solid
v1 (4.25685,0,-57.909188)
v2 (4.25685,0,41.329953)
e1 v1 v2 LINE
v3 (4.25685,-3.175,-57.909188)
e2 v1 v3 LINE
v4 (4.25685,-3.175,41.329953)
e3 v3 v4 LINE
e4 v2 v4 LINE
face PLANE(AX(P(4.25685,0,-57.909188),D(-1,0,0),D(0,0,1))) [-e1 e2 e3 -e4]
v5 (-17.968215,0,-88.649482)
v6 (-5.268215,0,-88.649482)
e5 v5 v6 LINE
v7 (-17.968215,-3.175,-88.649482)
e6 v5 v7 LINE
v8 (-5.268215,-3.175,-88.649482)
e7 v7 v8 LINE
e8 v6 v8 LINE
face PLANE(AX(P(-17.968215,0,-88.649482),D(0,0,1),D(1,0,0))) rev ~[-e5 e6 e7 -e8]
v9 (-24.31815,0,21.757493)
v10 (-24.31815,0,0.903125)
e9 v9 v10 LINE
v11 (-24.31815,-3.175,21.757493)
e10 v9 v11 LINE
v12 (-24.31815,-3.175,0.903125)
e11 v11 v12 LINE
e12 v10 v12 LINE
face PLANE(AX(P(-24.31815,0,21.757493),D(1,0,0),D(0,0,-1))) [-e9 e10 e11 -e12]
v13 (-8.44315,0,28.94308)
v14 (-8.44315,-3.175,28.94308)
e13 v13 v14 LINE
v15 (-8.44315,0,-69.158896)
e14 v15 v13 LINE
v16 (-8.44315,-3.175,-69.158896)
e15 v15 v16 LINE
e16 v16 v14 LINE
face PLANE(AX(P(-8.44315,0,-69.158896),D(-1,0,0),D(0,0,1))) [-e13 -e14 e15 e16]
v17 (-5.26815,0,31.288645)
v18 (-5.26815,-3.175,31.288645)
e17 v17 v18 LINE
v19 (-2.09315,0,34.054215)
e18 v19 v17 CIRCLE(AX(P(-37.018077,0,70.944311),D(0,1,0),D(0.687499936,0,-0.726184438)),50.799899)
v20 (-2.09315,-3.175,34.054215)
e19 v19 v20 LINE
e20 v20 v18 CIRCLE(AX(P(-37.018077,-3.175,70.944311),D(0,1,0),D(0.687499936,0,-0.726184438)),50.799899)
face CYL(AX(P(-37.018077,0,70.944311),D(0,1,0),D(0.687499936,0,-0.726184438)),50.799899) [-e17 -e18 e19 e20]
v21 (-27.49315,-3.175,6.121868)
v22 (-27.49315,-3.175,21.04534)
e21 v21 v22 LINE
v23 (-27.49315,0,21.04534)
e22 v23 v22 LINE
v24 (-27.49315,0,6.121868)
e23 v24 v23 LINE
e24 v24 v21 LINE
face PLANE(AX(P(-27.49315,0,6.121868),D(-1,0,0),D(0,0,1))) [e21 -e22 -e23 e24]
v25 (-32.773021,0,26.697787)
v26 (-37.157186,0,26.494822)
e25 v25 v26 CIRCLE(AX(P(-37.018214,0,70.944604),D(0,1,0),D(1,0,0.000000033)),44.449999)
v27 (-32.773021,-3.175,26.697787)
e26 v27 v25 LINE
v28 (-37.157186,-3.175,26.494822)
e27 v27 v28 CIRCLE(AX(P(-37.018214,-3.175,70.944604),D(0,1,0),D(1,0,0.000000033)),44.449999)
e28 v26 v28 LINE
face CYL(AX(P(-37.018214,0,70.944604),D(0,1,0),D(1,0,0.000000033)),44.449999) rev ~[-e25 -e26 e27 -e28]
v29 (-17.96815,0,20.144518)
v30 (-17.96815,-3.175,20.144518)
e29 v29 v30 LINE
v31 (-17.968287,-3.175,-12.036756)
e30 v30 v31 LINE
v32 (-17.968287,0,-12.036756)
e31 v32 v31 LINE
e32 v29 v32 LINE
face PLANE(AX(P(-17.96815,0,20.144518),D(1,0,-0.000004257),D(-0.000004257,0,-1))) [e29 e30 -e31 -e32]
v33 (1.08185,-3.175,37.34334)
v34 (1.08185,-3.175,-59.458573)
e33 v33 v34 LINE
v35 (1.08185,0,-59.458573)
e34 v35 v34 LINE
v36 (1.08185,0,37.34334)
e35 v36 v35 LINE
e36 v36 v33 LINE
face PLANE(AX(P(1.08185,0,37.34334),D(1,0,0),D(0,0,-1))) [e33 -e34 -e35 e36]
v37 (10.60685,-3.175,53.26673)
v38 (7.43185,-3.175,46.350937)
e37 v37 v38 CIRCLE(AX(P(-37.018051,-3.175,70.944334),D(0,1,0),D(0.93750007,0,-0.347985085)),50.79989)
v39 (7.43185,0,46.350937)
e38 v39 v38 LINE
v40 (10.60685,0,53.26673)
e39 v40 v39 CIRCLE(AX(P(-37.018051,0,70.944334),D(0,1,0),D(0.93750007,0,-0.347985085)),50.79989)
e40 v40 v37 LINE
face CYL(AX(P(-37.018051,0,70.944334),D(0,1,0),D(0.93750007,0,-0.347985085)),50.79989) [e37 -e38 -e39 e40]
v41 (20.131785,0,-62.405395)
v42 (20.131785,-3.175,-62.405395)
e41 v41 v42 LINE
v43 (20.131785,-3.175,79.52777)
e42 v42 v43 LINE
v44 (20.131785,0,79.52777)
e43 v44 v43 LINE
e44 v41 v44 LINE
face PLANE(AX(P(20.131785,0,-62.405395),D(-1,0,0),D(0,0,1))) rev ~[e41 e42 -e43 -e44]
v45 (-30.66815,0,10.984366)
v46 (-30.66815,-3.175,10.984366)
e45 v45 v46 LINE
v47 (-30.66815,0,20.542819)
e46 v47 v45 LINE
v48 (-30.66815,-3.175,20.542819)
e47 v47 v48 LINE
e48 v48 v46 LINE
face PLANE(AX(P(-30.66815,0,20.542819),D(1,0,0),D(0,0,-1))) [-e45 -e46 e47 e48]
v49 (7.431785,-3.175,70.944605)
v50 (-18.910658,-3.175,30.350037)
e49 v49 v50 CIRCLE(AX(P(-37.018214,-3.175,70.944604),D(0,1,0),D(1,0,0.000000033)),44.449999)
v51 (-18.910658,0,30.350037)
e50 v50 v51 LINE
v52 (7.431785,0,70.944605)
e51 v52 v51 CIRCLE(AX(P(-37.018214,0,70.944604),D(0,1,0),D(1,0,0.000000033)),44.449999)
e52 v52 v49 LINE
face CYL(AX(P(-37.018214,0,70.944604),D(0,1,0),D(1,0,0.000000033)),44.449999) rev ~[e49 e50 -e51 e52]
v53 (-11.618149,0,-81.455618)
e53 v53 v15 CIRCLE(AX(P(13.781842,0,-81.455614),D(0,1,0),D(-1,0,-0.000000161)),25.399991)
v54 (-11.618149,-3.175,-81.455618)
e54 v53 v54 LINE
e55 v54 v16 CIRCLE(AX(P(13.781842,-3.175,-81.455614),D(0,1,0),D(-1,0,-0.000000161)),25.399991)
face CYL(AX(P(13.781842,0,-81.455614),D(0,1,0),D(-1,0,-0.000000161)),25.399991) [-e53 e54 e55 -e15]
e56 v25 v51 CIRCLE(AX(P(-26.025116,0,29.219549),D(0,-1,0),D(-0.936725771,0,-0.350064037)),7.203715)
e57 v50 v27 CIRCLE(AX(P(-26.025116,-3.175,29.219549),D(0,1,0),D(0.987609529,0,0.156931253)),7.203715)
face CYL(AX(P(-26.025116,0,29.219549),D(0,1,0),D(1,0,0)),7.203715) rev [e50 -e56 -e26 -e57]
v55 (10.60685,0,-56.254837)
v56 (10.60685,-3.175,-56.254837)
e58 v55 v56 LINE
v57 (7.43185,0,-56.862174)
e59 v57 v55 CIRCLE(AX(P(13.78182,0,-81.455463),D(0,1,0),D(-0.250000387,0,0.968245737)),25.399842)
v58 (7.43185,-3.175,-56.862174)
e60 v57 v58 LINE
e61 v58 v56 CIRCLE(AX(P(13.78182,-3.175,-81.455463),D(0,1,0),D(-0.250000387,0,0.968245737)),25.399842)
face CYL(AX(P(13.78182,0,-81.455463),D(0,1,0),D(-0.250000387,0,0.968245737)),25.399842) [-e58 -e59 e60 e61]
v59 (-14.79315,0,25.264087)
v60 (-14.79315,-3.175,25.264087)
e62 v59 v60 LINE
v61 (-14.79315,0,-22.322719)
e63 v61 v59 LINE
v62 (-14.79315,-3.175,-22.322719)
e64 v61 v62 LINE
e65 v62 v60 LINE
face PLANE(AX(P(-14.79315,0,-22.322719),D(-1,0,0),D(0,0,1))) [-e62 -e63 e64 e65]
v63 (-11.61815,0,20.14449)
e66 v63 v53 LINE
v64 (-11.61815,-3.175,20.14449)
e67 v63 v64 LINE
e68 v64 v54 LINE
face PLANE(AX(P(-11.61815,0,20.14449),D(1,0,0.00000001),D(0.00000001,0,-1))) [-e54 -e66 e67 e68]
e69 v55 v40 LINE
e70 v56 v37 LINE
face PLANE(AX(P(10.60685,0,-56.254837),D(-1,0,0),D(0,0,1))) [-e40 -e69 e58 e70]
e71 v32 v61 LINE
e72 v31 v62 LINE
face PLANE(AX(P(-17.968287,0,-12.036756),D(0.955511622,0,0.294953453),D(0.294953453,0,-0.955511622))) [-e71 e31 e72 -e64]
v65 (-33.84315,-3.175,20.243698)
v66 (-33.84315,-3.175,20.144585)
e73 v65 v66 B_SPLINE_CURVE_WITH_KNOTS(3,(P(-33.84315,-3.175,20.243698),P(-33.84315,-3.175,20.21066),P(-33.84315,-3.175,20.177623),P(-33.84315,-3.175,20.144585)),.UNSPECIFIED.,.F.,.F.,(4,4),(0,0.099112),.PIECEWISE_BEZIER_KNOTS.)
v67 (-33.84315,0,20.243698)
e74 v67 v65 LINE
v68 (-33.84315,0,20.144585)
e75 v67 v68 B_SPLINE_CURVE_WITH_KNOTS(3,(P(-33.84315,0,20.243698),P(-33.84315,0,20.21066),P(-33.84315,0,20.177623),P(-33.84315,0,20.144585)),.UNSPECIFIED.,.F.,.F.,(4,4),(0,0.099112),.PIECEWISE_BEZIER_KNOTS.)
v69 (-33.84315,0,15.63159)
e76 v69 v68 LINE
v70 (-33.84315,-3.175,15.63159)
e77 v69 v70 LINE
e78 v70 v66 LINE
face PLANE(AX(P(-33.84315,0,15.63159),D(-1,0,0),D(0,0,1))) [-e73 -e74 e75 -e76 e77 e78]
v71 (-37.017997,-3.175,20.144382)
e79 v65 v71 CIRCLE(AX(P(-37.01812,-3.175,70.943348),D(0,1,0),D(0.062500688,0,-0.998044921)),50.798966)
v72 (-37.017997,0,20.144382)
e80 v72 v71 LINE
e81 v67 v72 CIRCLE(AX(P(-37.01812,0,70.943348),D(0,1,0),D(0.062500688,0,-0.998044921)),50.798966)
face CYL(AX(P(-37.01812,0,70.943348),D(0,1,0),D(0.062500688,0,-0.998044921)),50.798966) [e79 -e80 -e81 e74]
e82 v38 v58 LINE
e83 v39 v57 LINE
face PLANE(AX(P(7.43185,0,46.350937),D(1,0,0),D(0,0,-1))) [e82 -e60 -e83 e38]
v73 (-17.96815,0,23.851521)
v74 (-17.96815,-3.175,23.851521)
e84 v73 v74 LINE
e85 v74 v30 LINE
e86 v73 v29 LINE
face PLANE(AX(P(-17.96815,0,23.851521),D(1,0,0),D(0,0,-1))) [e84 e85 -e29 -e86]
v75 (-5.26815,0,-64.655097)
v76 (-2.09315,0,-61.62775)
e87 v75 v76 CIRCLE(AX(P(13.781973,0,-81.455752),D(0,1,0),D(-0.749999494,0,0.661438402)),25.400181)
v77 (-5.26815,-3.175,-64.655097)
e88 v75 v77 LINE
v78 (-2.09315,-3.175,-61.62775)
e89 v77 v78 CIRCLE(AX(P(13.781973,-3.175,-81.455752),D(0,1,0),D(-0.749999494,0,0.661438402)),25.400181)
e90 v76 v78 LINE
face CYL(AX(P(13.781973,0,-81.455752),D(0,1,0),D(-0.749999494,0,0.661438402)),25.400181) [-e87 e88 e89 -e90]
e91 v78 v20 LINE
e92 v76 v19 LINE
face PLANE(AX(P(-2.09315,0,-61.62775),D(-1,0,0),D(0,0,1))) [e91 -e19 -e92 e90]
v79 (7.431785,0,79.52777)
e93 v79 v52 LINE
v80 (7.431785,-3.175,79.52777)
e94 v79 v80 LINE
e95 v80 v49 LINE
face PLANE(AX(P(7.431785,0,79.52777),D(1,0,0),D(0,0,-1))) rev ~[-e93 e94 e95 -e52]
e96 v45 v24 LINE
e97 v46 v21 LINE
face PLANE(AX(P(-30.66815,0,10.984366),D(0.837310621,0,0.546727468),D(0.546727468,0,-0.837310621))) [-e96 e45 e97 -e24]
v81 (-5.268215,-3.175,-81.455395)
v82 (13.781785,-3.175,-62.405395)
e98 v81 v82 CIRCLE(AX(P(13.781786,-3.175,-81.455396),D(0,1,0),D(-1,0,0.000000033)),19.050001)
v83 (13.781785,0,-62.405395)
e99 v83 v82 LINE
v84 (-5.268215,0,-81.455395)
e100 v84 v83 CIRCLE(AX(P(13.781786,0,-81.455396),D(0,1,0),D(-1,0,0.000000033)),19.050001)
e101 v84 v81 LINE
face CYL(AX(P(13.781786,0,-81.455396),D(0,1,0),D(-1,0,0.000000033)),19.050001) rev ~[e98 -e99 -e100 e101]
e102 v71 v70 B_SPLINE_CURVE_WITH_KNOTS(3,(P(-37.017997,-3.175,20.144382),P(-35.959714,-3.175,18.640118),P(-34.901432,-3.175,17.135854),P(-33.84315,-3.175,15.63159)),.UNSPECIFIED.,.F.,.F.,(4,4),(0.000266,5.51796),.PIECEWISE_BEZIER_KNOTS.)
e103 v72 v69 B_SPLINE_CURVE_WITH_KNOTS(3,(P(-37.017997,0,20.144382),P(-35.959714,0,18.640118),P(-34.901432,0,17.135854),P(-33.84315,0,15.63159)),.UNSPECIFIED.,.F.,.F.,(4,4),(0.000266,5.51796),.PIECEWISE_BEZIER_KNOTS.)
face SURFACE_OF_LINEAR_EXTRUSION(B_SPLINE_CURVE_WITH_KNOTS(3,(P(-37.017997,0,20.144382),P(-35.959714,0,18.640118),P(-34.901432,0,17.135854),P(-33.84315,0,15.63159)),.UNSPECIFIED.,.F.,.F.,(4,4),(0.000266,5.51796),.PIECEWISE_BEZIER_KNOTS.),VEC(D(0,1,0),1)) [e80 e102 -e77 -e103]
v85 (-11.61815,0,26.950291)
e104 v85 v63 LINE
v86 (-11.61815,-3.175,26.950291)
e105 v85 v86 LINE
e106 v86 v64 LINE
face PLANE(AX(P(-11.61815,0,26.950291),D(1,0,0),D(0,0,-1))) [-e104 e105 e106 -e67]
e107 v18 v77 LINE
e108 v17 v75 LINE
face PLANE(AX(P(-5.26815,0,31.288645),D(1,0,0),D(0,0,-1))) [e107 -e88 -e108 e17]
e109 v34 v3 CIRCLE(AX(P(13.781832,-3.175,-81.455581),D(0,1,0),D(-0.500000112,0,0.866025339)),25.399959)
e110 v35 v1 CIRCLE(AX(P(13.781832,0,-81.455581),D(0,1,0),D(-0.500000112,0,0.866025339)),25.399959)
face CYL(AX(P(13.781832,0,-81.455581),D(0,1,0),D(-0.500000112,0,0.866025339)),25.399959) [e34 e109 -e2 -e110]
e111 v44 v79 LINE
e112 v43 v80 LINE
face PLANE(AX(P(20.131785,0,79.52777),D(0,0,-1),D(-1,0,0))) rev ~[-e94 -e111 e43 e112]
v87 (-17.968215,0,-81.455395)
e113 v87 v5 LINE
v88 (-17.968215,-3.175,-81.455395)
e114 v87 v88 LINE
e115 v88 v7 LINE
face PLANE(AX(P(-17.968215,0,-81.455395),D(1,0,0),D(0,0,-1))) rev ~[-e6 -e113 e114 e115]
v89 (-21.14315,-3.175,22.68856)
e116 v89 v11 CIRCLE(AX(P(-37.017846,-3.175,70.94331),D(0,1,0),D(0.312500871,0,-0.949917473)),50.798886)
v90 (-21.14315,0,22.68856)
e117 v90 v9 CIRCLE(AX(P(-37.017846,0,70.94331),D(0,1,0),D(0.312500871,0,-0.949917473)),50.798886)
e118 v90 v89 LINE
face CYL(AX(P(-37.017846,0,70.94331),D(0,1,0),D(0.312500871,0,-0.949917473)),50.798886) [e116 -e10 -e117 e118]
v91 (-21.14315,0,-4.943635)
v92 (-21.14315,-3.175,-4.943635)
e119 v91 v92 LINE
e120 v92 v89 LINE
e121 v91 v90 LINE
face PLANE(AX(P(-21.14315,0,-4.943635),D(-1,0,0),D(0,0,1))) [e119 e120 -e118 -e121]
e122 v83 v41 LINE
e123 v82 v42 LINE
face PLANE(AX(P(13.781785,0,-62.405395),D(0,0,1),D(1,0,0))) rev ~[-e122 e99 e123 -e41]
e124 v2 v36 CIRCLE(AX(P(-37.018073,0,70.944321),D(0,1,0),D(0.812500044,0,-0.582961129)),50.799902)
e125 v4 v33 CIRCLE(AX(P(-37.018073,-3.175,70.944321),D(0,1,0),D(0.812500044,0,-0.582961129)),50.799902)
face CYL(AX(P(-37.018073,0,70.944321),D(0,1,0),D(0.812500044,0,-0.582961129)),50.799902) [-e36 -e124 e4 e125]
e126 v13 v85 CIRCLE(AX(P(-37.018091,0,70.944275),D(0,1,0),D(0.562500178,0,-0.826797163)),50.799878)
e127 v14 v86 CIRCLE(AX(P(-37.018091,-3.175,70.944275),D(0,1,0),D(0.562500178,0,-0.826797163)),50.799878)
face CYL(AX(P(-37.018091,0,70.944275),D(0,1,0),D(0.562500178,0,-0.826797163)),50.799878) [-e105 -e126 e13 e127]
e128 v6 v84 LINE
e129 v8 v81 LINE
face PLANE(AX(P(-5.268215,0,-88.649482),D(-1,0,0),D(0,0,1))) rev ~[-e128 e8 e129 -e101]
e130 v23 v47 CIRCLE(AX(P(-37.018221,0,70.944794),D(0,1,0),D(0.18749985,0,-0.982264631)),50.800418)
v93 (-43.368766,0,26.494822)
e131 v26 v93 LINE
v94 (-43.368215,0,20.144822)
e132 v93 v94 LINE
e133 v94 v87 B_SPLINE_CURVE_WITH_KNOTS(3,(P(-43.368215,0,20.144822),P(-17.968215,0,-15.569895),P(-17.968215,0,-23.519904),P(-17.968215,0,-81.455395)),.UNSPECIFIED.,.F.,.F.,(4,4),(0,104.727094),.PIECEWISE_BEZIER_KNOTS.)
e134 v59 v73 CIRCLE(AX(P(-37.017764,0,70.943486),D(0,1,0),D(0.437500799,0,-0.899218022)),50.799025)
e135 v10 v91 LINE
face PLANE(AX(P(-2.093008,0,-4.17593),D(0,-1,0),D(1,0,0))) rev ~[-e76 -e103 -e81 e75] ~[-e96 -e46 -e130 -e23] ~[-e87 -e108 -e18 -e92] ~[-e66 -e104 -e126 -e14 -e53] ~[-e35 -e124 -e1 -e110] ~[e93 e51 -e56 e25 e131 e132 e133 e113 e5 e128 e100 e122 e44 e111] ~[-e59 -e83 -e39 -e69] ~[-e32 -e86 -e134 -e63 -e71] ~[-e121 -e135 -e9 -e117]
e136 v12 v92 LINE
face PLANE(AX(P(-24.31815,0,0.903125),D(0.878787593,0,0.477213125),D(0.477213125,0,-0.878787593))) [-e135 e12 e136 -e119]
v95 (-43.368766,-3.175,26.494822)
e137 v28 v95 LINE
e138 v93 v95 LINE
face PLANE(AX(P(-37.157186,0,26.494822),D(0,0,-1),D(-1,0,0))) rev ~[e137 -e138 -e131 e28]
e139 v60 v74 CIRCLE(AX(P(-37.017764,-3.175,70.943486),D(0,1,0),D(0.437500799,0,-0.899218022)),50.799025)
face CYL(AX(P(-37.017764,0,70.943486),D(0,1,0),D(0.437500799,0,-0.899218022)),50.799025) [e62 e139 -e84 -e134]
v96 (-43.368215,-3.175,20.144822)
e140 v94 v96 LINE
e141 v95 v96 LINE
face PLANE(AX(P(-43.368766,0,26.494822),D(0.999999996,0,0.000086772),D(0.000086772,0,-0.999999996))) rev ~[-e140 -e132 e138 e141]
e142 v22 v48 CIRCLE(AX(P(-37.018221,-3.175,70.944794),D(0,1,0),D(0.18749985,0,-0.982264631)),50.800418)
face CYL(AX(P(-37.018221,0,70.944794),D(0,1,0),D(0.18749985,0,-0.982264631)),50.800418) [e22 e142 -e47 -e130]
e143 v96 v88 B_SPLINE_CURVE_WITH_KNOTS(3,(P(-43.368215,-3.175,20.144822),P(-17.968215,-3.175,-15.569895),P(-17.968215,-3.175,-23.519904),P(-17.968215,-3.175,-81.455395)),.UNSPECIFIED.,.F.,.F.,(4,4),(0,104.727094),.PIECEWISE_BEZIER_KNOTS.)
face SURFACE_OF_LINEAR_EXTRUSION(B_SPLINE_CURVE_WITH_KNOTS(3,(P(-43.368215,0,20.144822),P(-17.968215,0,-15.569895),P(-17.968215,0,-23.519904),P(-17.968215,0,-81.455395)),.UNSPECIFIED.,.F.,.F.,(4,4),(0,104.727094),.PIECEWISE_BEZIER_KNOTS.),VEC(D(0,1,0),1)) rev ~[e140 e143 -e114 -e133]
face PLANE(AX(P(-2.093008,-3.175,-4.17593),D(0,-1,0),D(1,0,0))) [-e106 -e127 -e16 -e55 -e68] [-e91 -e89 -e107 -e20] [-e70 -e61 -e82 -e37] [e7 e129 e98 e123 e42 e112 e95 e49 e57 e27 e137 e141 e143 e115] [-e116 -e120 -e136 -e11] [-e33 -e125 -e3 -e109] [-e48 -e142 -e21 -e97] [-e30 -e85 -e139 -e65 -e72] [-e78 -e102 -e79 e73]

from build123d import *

# Parameters (mm, degrees)
F2_DEPTH = 3.175
F3_DEPTH = 3.175
F4_R     = 7.203715
F5_DEPTH = 25.4


with BuildPart() as f2:
    # F1 (on Front) → F2 (new body)
    with BuildSketch(Plane.XZ):
        with BuildLine():
            Line((-5.268215, -88.649482), (-5.268215, -81.455395))
            ThreePointArc((-5.268215, -81.455395), (0.311401, -67.985011), (13.781785, -62.405395))
            Line((13.781785, -62.405395), (20.131785, -62.405395))
            Line((20.131785, -62.405395), (20.131785, 79.52777))
            Line((20.131785, 79.52777), (7.431785, 79.52777))
            Line((7.431785, 79.52777), (7.431785, 70.944605))
            ThreePointArc((7.431785, 70.944605), (-5.63649, 39.464613), (-37.157186, 26.494822))
            Line((-37.157186, 26.494822), (-43.368766, 26.494822))
            Line((-43.368766, 26.494822), (-43.368215, 20.144822))
            add(Edge.make_bspline(
                [(-43.368215, 20.144822), (-17.968215, -15.569895), (-17.968215, -23.519904), (-17.968215, -81.455395)],
                knots=[0, 0, 0, 0, 104.727094, 104.727094, 104.727094, 104.727094], degree=3))
            Line((-17.968215, -81.455395), (-17.968215, -88.649482))
            Line((-17.968215, -88.649482), (-11.618215, -88.649482))
            Line((-11.618215, -88.649482), (-5.268215, -88.649482))
        make_face()
    extrude(amount=F2_DEPTH)

    # F0 (on Front) → F3 (cut)
    with BuildSketch(Plane.XZ):
        with BuildLine():
            Line((10.60685, -56.254837), (10.60685, 20.144395))
            Line((10.60685, 20.144395), (10.60685, 53.26673))
            ThreePointArc((10.60685, 53.26673), (9.14903, 49.749299), (7.43185, 46.350937))
            Line((7.43185, 46.350937), (7.43185, 20.144409))
            Line((7.43185, 20.144409), (7.43185, -56.862174))
            ThreePointArc((7.43185, -56.862174), (9.009679, -56.507945), (10.60685, -56.254837))
        make_face()
        with BuildLine():
            Line((4.25685, -57.909188), (4.25685, 20.144423))
            Line((4.25685, 20.144423), (4.25685, 41.329953))
            ThreePointArc((4.25685, 41.329953), (2.719376, 39.296806), (1.08185, 37.34334))
            Line((1.08185, 37.34334), (1.08185, 20.144436))
            Line((1.08185, 20.144436), (1.08185, -59.458573))
            ThreePointArc((1.08185, -59.458573), (2.64238, -58.628612), (4.25685, -57.909188))
        make_face()
        with BuildLine():
            Line((-2.09315, -61.62775), (-2.09315, 20.14445))
            Line((-2.09315, 20.14445), (-2.09315, 34.054215))
            ThreePointArc((-2.09315, 34.054215), (-3.651984, 32.638521), (-5.26815, 31.288645))
            Line((-5.26815, 31.288645), (-5.26815, 20.144463))
            Line((-5.26815, 20.144463), (-5.26815, -64.655097))
            ThreePointArc((-5.26815, -64.655097), (-3.74613, -63.072749), (-2.09315, -61.62775))
        make_face()
        with BuildLine():
            Line((-8.44315, -69.158896), (-8.44315, 20.144477))
            Line((-8.44315, 20.144477), (-8.44315, 28.94308))
            ThreePointArc((-8.44315, 28.94308), (-10.012262, 27.91739), (-11.61815, 26.950291))
            Line((-11.61815, 26.950291), (-11.61815, 20.14449))
            Line((-11.61815, 20.14449), (-11.618149, -81.455618))
            ThreePointArc((-11.618149, -81.455618), (-10.811594, -75.105618), (-8.44315, -69.158896))
        make_face()
        with BuildLine():
            Line((-14.79315, -22.322719), (-14.79315, 20.144504))
            Line((-14.79315, 20.144504), (-14.79315, 25.264087))
            ThreePointArc((-14.79315, 25.264087), (-16.368567, 24.530647), (-17.96815, 23.851521))
            Line((-17.96815, 23.851521), (-17.96815, 20.144518))
            Line((-17.96815, 20.144518), (-17.968287, -12.036756))
            Line((-17.968287, -12.036756), (-14.79315, -22.322719))
        make_face()
        with BuildLine():
            Line((-21.14315, -4.943635), (-21.14315, 20.144531))
            Line((-21.14315, 20.144531), (-21.14315, 22.68856))
            ThreePointArc((-21.14315, 22.68856), (-22.723067, 22.19717), (-24.31815, 21.757493))
            Line((-24.31815, 21.757493), (-24.31815, 20.144545))
            Line((-24.31815, 20.144545), (-24.31815, 0.903125))
            Line((-24.31815, 0.903125), (-21.14315, -4.943635))
        make_face()
        with BuildLine():
            Line((-27.49315, 6.121868), (-27.49315, 20.144558))
            Line((-27.49315, 20.144558), (-27.49315, 21.04534))
            ThreePointArc((-27.49315, 21.04534), (-29.076674, 20.76896), (-30.66815, 20.542819))
            Line((-30.66815, 20.542819), (-30.66815, 20.144572))
            Line((-30.66815, 20.144572), (-30.66815, 10.984366))
            Line((-30.66815, 10.984366), (-27.49315, 6.121868))
        make_face()
        with BuildLine():
            Line((-33.84315, 15.63159), (-33.84315, 20.144585))
            add(Edge.make_bspline(
                [(-33.84315, 20.243698), (-33.84315, 20.21066), (-33.84315, 20.177623), (-33.84315, 20.144585)],
                knots=[0, 0, 0, 0, 0.099112, 0.099112, 0.099112, 0.099112], degree=3))
            ThreePointArc((-33.84315, 20.243698), (-35.429797, 20.169219), (-37.017997, 20.144382))
            add(Edge.make_bspline(
                [(-37.017997, 20.144382), (-35.959714, 18.640118), (-34.901432, 17.135854), (-33.84315, 15.63159)],
                knots=[0.000266, 0.000266, 0.000266, 0.000266, 5.51796, 5.51796, 5.51796, 5.51796], degree=3))
        make_face()
    extrude(amount=F3_DEPTH, mode=Mode.SUBTRACT)

    # F4 (on Front) → F5 (cut)
    with BuildSketch(Plane.XZ):
        with Locations((-26.025116, 29.219549)):
            Circle(F4_R)
    extrude(amount=F5_DEPTH, mode=Mode.SUBTRACT)


solid = f2.part
